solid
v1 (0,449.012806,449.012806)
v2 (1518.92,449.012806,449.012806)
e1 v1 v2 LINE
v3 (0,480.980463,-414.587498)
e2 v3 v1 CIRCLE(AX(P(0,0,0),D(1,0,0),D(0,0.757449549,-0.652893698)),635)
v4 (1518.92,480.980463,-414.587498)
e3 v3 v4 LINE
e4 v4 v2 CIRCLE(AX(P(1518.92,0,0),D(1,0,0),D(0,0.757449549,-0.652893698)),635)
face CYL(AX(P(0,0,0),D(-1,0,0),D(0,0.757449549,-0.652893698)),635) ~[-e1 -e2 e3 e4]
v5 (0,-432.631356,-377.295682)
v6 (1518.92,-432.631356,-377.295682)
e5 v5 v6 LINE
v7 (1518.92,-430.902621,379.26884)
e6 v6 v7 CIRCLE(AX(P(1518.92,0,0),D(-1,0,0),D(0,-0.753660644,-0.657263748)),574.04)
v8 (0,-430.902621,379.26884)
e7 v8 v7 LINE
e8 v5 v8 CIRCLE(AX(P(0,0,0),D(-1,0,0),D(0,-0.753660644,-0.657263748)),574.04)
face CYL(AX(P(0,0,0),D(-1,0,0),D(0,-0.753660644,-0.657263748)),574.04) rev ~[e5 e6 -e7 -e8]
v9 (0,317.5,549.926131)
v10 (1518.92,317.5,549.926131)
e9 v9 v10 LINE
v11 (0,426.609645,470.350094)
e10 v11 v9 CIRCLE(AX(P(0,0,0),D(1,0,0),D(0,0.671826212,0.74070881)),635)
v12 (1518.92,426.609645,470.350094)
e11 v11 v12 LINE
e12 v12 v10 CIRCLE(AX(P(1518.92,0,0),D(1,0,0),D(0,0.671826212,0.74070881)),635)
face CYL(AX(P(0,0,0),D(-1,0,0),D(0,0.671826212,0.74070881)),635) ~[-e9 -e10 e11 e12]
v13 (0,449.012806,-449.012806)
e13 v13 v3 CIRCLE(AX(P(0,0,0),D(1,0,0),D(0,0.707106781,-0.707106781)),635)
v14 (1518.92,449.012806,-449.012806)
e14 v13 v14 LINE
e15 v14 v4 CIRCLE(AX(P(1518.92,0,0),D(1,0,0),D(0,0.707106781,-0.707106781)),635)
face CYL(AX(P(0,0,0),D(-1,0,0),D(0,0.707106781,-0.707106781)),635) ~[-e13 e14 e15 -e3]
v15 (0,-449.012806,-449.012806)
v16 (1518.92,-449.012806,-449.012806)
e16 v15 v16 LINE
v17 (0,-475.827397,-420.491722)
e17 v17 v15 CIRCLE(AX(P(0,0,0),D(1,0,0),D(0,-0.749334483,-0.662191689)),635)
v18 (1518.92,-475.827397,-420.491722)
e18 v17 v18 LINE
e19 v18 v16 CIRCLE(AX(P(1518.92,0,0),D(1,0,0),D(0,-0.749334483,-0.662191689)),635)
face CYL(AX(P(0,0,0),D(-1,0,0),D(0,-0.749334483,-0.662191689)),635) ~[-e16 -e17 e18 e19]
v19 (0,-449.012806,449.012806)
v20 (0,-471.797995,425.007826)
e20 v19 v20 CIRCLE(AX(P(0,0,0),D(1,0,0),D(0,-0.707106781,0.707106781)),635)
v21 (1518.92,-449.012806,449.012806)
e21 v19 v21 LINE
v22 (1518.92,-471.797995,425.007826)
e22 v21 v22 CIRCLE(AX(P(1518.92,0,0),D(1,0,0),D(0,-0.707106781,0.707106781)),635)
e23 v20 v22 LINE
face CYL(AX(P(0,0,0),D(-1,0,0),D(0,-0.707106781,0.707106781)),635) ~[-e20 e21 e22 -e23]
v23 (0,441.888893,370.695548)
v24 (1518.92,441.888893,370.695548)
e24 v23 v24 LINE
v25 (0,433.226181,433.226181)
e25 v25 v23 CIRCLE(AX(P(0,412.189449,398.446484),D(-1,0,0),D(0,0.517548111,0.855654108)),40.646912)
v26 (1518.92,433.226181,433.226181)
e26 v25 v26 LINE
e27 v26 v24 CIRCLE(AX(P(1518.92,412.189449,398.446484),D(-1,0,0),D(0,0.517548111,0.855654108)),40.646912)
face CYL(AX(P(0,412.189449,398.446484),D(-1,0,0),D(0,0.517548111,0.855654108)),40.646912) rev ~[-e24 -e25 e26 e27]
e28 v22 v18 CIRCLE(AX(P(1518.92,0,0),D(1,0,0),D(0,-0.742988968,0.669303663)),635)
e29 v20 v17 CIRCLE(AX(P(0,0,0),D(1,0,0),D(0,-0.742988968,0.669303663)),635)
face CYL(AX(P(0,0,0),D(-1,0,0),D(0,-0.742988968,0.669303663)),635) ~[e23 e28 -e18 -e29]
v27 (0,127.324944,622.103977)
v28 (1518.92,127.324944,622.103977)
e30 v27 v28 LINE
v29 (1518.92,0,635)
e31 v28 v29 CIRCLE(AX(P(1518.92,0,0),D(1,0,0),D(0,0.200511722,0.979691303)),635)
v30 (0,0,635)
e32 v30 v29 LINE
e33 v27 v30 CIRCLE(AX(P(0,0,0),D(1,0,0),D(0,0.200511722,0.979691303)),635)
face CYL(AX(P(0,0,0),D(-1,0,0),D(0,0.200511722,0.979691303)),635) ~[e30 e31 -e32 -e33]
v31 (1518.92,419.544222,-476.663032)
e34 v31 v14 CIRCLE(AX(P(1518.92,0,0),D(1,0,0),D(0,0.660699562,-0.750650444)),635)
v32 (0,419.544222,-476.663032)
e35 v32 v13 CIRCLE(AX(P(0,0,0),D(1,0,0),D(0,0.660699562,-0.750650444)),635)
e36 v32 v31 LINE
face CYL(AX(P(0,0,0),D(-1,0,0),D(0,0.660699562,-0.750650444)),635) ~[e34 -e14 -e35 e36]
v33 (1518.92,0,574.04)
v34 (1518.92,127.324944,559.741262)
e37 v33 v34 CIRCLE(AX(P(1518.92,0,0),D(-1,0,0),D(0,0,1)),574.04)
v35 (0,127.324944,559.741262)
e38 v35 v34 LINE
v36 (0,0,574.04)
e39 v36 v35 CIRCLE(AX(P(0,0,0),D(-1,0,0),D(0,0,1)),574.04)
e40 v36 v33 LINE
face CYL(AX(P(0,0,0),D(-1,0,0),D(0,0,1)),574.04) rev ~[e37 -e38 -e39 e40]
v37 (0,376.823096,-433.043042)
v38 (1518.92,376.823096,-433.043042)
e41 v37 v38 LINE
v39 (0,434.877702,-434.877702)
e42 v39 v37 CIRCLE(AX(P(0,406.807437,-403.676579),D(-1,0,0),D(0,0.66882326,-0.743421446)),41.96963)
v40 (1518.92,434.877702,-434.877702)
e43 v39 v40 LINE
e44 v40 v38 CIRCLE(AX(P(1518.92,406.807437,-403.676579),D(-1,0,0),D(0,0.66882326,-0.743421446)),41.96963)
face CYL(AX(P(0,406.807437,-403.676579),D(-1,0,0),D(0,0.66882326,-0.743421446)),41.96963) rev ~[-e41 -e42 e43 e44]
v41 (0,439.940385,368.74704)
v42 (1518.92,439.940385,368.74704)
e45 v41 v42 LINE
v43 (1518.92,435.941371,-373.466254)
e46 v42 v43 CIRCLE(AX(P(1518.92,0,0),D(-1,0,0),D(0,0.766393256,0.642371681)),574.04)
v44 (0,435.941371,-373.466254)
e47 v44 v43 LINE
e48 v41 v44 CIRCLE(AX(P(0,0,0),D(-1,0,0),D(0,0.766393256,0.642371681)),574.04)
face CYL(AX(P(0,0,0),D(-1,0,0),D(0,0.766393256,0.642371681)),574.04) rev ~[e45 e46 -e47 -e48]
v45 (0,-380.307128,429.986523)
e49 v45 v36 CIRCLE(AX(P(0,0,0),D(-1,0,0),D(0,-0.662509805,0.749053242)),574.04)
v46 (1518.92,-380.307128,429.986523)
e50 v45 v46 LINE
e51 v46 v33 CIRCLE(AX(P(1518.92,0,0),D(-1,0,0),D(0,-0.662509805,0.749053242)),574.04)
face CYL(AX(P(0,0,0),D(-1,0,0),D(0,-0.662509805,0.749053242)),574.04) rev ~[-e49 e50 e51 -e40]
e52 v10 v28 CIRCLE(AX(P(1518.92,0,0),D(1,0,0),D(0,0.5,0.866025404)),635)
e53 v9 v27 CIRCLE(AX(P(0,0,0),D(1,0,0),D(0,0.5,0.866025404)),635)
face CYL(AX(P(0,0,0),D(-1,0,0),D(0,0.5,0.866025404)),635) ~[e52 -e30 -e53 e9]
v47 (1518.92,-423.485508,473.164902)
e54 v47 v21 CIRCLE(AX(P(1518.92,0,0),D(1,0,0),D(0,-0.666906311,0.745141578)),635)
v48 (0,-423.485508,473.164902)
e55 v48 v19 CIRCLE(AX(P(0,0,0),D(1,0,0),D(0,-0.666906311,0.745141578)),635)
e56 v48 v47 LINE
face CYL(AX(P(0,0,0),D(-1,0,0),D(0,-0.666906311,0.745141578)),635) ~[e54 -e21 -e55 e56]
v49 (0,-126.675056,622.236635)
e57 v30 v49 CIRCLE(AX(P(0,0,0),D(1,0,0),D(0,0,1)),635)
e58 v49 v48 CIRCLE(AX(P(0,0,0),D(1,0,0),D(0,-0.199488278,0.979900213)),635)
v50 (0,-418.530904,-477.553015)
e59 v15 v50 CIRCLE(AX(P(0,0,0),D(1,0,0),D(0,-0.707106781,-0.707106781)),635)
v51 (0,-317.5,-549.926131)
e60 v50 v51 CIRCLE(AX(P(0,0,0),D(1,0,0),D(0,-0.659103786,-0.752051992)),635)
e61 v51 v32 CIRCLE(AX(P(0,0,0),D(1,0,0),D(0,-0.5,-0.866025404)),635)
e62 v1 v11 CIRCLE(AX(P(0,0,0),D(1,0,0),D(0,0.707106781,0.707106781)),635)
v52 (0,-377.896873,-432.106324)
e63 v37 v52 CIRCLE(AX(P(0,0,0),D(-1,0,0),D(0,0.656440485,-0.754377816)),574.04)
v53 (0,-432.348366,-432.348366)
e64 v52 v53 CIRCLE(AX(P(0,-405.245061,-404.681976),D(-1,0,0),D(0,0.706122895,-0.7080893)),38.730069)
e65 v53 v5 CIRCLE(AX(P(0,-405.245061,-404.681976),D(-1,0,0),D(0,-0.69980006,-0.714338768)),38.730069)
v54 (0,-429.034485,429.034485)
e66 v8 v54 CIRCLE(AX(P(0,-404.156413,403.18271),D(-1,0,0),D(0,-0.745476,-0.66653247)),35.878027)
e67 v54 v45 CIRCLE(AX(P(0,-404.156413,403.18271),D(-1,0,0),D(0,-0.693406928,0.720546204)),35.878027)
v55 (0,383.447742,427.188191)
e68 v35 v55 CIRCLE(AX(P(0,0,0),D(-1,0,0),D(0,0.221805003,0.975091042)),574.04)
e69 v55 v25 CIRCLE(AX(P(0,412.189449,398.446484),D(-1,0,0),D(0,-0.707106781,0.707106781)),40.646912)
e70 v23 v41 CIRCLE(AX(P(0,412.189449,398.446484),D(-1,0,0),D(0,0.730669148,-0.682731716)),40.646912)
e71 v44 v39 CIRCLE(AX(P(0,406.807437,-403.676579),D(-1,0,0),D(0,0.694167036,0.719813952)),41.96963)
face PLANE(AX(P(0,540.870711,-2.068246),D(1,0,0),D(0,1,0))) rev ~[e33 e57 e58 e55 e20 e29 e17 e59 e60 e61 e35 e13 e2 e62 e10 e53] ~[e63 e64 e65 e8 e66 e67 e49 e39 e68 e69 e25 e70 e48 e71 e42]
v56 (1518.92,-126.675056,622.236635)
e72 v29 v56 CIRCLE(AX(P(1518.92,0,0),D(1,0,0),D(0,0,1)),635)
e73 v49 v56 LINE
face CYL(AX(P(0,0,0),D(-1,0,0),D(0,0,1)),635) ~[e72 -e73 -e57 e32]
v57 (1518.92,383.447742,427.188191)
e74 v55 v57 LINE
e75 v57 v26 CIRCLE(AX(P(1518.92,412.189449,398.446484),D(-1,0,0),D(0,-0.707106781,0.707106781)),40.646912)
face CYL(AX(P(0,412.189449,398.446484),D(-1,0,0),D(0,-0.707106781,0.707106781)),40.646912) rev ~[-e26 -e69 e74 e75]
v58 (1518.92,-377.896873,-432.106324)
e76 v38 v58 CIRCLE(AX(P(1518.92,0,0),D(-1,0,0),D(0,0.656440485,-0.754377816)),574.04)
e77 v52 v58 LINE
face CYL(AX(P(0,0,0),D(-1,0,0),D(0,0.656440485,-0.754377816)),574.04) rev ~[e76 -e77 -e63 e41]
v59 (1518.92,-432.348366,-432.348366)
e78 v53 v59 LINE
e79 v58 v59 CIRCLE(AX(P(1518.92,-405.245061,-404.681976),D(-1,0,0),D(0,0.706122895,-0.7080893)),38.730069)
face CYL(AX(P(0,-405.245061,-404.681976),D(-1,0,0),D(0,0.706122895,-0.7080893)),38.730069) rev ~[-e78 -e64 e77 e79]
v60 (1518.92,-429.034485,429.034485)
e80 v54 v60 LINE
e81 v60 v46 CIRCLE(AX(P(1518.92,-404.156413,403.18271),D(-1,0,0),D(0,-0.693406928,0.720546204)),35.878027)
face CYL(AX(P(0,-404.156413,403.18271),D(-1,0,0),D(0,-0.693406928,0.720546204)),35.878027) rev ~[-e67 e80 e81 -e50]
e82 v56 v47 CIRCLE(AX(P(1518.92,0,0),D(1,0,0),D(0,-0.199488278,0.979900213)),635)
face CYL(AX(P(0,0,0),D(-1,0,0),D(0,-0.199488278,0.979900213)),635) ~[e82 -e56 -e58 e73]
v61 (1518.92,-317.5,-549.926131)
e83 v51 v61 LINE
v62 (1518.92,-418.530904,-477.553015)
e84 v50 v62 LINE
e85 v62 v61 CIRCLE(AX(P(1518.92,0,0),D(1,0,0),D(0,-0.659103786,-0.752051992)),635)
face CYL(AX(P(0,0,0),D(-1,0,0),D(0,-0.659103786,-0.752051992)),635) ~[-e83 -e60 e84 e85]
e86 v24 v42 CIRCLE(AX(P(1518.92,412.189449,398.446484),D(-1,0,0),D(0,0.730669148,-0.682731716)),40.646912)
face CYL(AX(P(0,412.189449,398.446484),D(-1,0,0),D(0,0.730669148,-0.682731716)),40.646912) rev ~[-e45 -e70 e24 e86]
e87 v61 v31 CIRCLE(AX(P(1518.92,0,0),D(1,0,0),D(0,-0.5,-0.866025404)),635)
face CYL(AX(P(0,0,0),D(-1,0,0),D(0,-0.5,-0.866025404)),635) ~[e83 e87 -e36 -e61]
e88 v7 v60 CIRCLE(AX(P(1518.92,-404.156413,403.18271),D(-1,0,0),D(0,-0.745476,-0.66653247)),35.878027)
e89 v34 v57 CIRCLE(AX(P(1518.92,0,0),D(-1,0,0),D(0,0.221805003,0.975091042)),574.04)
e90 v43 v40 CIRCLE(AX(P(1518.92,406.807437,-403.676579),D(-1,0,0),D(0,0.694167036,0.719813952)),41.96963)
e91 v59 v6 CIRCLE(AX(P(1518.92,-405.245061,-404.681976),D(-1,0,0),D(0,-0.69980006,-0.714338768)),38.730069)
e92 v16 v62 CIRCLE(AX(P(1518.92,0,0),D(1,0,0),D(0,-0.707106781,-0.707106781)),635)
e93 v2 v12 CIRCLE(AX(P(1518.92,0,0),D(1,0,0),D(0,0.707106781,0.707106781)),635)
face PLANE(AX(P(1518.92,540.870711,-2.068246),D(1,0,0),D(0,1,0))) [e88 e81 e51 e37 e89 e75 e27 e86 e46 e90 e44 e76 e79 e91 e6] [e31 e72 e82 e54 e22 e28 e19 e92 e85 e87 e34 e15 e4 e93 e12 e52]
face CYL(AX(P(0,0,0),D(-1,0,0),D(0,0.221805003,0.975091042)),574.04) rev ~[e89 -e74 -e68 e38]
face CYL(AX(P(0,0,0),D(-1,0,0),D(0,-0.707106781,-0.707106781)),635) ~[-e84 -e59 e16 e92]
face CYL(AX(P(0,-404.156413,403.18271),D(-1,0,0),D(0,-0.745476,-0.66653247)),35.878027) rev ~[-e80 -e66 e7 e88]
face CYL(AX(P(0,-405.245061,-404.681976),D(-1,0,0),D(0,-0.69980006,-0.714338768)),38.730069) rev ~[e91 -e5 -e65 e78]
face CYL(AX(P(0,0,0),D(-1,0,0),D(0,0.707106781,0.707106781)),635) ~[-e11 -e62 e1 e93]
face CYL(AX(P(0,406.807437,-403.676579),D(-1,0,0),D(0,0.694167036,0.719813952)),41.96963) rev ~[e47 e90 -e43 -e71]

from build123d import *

# Parameters (mm, degrees)
F1_DEPTH = 1518.92


with BuildPart() as f1:
    # F0 (on Right) → F1 (new body)
    with BuildSketch(Plane.YZ):
        with BuildLine():
            ThreePointArc((480.9804634424, -414.5874983483), (595.2510370784, -221.136163612), (635, 0))
            ThreePointArc((635, 0), (595.841680026, 219.5397283952), (483.1962445864, 412.0028995257))
            Line((483.1962445864, 412.0028995257), (441.8888934524, 370.6955483917))
            ThreePointArc((441.8888934524, 370.6955483917), (440.9311559968, 369.7047772602), (439.9403848652, 368.7470398046))
            ThreePointArc((439.9403848652, 368.7470398046), (539.4744202129, 196.1868281409), (574.04, 0))
            ThreePointArc((574.04, 0), (538.4095588771, -199.0906037705), (435.9413709507, -373.4662537547))
            Line((435.9413709507, -373.4662537547), (480.9804634424, -414.5874983483))
        make_face()
        with BuildLine():
            Line((448.1448539206, 448.1448539206), (483.1962445864, 412.0028995257))
            ThreePointArc((483.1962445864, 412.0028995257), (466.4717159904, 430.8470008959), (449.0128060535, 449.0128060535))
            Line((449.0128060535, 449.0128060535), (448.1448539206, 448.1448539206))
        make_face()
        with BuildLine():
            Line((441.8888934524, 370.6955483917), (483.1962445864, 412.0028995257))
            Line((483.1962445864, 412.0028995257), (448.1448539206, 448.1448539206))
            Line((448.1448539206, 448.1448539206), (433.2261814324, 433.2261814324))
            ThreePointArc((433.2261814324, 433.2261814324), (452.451837495, 404.0242540994), (441.8888934524, 370.6955483917))
        make_face()
        with BuildLine():
            ThreePointArc((449.0128060535, -449.0128060535), (465.3151037518, -432.0958854473), (480.9804634424, -414.5874983483))
            Line((480.9804634424, -414.5874983483), (435.9413709507, -373.4662537547))
            ThreePointArc((435.9413709507, -373.4662537547), (448.7707733518, -404.4033994441), (434.8777020457, -434.8777020457))
            Line((434.8777020457, -434.8777020457), (449.0128060535, -449.0128060535))
        make_face()
        with BuildLine():
            Line((448.1448539206, 448.1448539206), (449.0128060535, 449.0128060535))
            ThreePointArc((449.0128060535, 449.0128060535), (437.941193588, 459.8179106546), (426.6096447228, 470.3500941102))
            Line((426.6096447228, 470.3500941102), (448.1448539206, 448.1448539206))
        make_face()
        with BuildLine():
            Line((433.2261814324, 433.2261814324), (448.1448539206, 448.1448539206))
            Line((448.1448539206, 448.1448539206), (426.6096447228, 470.3500941102))
            Line((426.6096447228, 470.3500941102), (383.4477419348, 427.1881913222))
            ThreePointArc((383.4477419348, 427.1881913222), (407.2949633542, 438.7976361547), (433.2261814324, 433.2261814324))
        make_face()
        with BuildLine():
            ThreePointArc((419.5442218167, -476.6630318581), (434.4985171579, -463.0723902238), (449.0128060535, -449.0128060535))
            Line((449.0128060535, -449.0128060535), (434.8777020457, -434.8777020457))
            ThreePointArc((434.8777020457, -434.8777020457), (405.4817612517, -445.6252670379), (376.823096037, -433.0430416172))
            Line((376.823096037, -433.0430416172), (419.5442218167, -476.6630318581))
        make_face()
        with BuildLine():
            Line((383.4477419348, 427.1881913222), (426.6096447228, 470.3500941102))
            ThreePointArc((426.6096447228, 470.3500941102), (374.1762649744, 513.0469011015), (317.5, 549.9261314031))
            Line((317.5, 549.9261314031), (287.02, 497.1332227884))
            ThreePointArc((287.02, 497.1332227884), (337.053148777, 464.6688030194), (383.4477419348, 427.1881913222))
        make_face()
        with BuildLine():
            ThreePointArc((-317.5, -549.9261314031), (62.8102399317, -631.8859657879), (419.5442218167, -476.6630318581))
            Line((419.5442218167, -476.6630318581), (376.823096037, -433.0430416172))
            ThreePointArc((376.823096037, -433.0430416172), (55.1637276215, -571.3833080822), (-287.02, -497.1332227884))
            Line((-287.02, -497.1332227884), (-317.5, -549.9261314031))
        make_face()
        with BuildLine():
            Line((287.02, 497.1332227884), (317.5, 549.9261314031))
            ThreePointArc((317.5, 549.9261314031), (225.3213660279, 593.6794438174), (127.3249436563, 622.1039774209))
            Line((127.3249436563, 622.1039774209), (127.3249436563, 559.7412619442))
            ThreePointArc((127.3249436563, 559.7412619442), (209.5241626284, 534.4357275434), (287.02, 497.1332227884))
        make_face()
        with BuildLine():
            ThreePointArc((-418.5309043384, -477.5530149771), (-369.7902649214, -516.217163575), (-317.5, -549.9261314031))
            Line((-317.5, -549.9261314031), (-287.02, -497.1332227884))
            ThreePointArc((-287.02, -497.1332227884), (-334.0445124943, -466.8363581304), (-377.8968727952, -432.1063238737))
            Line((-377.8968727952, -432.1063238737), (-418.5309043384, -477.5530149771))
        make_face()
        with BuildLine():
            Line((127.3249436563, 559.7412619442), (127.3249436563, 622.1039774209))
            ThreePointArc((127.3249436563, 622.1039774209), (63.9881799152, 631.7677681167), (0, 635))
            Line((0, 635), (0, 574.04))
            ThreePointArc((0, 574.04), (64.0626552429, 570.4541154232), (127.3249436563, 559.7412619442))
        make_face()
        with BuildLine():
            ThreePointArc((-449.0128060535, -449.0128060535), (-434.0065186624, -463.5335389791), (-418.5309043384, -477.5530149771))
            Line((-418.5309043384, -477.5530149771), (-377.8968727952, -432.1063238737))
            ThreePointArc((-377.8968727952, -432.1063238737), (-405.0729040861, -443.411662862), (-432.3483661941, -432.3483661941))
            Line((-432.3483661941, -432.3483661941), (-449.0128060535, -449.0128060535))
        make_face()
        with BuildLine():
            ThreePointArc((-126.6750563437, 559.888695814), (-63.7315253815, 570.4912043779), (0, 574.04))
            Line((0, 574.04), (0, 635))
            ThreePointArc((0, 635), (-63.6582150677, 631.80110134), (-126.6750563437, 622.2366351319))
            Line((-126.6750563437, 622.2366351319), (-126.6750563437, 559.888695814))
        make_face()
        with BuildLine():
            ThreePointArc((-475.8273966751, -420.4917223602), (-462.6399390449, -434.9589484084), (-449.0128060535, -449.0128060535))
            Line((-449.0128060535, -449.0128060535), (-432.3483661941, -432.3483661941))
            ThreePointArc((-432.3483661941, -432.3483661941), (-443.9746189575, -404.8810595547), (-432.6313559922, -377.2956816773))
            Line((-432.6313559922, -377.2956816773), (-475.8273966751, -420.4917223602))
        make_face()
        with BuildLine():
            ThreePointArc((-380.3071282221, 429.9865228394), (-261.6799142132, 510.9261630582), (-126.6750563437, 559.888695814))
            Line((-126.6750563437, 559.888695814), (-126.6750563437, 622.2366351319))
            ThreePointArc((-126.6750563437, 622.2366351319), (-284.9995735723, 567.450652536), (-423.4855076906, 473.1649023079))
            Line((-423.4855076906, 473.1649023079), (-380.3071282221, 429.9865228394))
        make_face()
        with BuildLine():
            ThreePointArc((-429.034485472, 429.034485472), (-404.8572659674, 439.0538902469), (-380.3071282221, 429.9865228394))
            Line((-380.3071282221, 429.9865228394), (-423.4855076906, 473.1649023079))
            ThreePointArc((-423.4855076906, 473.1649023079), (-436.4162666651, 461.2654790791), (-449.0128060535, 449.0128060535))
            Line((-449.0128060535, 449.0128060535), (-429.034485472, 429.034485472))
        make_face()
        with BuildLine():
            ThreePointArc((-432.6313559922, -377.2956816773), (-574.0385014358, 1.3116666396), (-430.9026210014, 379.2688397616))
            Line((-430.9026210014, 379.2688397616), (-471.7979946474, 425.0078261005))
            ThreePointArc((-471.7979946474, 425.0078261005), (-634.9927890784, 3.026188762), (-475.8273966751, -420.4917223602))
            Line((-475.8273966751, -420.4917223602), (-432.6313559922, -377.2956816773))
        make_face()
        with BuildLine():
            Line((-471.7979946474, 425.0078261005), (-430.9026210014, 379.2688397616))
            ThreePointArc((-430.9026210014, 379.2688397616), (-440.0091877926, 404.5285745584), (-429.034485472, 429.034485472))
            Line((-429.034485472, 429.034485472), (-449.0128060535, 449.0128060535))
            ThreePointArc((-449.0128060535, 449.0128060535), (-460.5618226009, 437.1587898722), (-471.7979946474, 425.0078261005))
        make_face()
    extrude(amount=F1_DEPTH)


solid = f1.part
